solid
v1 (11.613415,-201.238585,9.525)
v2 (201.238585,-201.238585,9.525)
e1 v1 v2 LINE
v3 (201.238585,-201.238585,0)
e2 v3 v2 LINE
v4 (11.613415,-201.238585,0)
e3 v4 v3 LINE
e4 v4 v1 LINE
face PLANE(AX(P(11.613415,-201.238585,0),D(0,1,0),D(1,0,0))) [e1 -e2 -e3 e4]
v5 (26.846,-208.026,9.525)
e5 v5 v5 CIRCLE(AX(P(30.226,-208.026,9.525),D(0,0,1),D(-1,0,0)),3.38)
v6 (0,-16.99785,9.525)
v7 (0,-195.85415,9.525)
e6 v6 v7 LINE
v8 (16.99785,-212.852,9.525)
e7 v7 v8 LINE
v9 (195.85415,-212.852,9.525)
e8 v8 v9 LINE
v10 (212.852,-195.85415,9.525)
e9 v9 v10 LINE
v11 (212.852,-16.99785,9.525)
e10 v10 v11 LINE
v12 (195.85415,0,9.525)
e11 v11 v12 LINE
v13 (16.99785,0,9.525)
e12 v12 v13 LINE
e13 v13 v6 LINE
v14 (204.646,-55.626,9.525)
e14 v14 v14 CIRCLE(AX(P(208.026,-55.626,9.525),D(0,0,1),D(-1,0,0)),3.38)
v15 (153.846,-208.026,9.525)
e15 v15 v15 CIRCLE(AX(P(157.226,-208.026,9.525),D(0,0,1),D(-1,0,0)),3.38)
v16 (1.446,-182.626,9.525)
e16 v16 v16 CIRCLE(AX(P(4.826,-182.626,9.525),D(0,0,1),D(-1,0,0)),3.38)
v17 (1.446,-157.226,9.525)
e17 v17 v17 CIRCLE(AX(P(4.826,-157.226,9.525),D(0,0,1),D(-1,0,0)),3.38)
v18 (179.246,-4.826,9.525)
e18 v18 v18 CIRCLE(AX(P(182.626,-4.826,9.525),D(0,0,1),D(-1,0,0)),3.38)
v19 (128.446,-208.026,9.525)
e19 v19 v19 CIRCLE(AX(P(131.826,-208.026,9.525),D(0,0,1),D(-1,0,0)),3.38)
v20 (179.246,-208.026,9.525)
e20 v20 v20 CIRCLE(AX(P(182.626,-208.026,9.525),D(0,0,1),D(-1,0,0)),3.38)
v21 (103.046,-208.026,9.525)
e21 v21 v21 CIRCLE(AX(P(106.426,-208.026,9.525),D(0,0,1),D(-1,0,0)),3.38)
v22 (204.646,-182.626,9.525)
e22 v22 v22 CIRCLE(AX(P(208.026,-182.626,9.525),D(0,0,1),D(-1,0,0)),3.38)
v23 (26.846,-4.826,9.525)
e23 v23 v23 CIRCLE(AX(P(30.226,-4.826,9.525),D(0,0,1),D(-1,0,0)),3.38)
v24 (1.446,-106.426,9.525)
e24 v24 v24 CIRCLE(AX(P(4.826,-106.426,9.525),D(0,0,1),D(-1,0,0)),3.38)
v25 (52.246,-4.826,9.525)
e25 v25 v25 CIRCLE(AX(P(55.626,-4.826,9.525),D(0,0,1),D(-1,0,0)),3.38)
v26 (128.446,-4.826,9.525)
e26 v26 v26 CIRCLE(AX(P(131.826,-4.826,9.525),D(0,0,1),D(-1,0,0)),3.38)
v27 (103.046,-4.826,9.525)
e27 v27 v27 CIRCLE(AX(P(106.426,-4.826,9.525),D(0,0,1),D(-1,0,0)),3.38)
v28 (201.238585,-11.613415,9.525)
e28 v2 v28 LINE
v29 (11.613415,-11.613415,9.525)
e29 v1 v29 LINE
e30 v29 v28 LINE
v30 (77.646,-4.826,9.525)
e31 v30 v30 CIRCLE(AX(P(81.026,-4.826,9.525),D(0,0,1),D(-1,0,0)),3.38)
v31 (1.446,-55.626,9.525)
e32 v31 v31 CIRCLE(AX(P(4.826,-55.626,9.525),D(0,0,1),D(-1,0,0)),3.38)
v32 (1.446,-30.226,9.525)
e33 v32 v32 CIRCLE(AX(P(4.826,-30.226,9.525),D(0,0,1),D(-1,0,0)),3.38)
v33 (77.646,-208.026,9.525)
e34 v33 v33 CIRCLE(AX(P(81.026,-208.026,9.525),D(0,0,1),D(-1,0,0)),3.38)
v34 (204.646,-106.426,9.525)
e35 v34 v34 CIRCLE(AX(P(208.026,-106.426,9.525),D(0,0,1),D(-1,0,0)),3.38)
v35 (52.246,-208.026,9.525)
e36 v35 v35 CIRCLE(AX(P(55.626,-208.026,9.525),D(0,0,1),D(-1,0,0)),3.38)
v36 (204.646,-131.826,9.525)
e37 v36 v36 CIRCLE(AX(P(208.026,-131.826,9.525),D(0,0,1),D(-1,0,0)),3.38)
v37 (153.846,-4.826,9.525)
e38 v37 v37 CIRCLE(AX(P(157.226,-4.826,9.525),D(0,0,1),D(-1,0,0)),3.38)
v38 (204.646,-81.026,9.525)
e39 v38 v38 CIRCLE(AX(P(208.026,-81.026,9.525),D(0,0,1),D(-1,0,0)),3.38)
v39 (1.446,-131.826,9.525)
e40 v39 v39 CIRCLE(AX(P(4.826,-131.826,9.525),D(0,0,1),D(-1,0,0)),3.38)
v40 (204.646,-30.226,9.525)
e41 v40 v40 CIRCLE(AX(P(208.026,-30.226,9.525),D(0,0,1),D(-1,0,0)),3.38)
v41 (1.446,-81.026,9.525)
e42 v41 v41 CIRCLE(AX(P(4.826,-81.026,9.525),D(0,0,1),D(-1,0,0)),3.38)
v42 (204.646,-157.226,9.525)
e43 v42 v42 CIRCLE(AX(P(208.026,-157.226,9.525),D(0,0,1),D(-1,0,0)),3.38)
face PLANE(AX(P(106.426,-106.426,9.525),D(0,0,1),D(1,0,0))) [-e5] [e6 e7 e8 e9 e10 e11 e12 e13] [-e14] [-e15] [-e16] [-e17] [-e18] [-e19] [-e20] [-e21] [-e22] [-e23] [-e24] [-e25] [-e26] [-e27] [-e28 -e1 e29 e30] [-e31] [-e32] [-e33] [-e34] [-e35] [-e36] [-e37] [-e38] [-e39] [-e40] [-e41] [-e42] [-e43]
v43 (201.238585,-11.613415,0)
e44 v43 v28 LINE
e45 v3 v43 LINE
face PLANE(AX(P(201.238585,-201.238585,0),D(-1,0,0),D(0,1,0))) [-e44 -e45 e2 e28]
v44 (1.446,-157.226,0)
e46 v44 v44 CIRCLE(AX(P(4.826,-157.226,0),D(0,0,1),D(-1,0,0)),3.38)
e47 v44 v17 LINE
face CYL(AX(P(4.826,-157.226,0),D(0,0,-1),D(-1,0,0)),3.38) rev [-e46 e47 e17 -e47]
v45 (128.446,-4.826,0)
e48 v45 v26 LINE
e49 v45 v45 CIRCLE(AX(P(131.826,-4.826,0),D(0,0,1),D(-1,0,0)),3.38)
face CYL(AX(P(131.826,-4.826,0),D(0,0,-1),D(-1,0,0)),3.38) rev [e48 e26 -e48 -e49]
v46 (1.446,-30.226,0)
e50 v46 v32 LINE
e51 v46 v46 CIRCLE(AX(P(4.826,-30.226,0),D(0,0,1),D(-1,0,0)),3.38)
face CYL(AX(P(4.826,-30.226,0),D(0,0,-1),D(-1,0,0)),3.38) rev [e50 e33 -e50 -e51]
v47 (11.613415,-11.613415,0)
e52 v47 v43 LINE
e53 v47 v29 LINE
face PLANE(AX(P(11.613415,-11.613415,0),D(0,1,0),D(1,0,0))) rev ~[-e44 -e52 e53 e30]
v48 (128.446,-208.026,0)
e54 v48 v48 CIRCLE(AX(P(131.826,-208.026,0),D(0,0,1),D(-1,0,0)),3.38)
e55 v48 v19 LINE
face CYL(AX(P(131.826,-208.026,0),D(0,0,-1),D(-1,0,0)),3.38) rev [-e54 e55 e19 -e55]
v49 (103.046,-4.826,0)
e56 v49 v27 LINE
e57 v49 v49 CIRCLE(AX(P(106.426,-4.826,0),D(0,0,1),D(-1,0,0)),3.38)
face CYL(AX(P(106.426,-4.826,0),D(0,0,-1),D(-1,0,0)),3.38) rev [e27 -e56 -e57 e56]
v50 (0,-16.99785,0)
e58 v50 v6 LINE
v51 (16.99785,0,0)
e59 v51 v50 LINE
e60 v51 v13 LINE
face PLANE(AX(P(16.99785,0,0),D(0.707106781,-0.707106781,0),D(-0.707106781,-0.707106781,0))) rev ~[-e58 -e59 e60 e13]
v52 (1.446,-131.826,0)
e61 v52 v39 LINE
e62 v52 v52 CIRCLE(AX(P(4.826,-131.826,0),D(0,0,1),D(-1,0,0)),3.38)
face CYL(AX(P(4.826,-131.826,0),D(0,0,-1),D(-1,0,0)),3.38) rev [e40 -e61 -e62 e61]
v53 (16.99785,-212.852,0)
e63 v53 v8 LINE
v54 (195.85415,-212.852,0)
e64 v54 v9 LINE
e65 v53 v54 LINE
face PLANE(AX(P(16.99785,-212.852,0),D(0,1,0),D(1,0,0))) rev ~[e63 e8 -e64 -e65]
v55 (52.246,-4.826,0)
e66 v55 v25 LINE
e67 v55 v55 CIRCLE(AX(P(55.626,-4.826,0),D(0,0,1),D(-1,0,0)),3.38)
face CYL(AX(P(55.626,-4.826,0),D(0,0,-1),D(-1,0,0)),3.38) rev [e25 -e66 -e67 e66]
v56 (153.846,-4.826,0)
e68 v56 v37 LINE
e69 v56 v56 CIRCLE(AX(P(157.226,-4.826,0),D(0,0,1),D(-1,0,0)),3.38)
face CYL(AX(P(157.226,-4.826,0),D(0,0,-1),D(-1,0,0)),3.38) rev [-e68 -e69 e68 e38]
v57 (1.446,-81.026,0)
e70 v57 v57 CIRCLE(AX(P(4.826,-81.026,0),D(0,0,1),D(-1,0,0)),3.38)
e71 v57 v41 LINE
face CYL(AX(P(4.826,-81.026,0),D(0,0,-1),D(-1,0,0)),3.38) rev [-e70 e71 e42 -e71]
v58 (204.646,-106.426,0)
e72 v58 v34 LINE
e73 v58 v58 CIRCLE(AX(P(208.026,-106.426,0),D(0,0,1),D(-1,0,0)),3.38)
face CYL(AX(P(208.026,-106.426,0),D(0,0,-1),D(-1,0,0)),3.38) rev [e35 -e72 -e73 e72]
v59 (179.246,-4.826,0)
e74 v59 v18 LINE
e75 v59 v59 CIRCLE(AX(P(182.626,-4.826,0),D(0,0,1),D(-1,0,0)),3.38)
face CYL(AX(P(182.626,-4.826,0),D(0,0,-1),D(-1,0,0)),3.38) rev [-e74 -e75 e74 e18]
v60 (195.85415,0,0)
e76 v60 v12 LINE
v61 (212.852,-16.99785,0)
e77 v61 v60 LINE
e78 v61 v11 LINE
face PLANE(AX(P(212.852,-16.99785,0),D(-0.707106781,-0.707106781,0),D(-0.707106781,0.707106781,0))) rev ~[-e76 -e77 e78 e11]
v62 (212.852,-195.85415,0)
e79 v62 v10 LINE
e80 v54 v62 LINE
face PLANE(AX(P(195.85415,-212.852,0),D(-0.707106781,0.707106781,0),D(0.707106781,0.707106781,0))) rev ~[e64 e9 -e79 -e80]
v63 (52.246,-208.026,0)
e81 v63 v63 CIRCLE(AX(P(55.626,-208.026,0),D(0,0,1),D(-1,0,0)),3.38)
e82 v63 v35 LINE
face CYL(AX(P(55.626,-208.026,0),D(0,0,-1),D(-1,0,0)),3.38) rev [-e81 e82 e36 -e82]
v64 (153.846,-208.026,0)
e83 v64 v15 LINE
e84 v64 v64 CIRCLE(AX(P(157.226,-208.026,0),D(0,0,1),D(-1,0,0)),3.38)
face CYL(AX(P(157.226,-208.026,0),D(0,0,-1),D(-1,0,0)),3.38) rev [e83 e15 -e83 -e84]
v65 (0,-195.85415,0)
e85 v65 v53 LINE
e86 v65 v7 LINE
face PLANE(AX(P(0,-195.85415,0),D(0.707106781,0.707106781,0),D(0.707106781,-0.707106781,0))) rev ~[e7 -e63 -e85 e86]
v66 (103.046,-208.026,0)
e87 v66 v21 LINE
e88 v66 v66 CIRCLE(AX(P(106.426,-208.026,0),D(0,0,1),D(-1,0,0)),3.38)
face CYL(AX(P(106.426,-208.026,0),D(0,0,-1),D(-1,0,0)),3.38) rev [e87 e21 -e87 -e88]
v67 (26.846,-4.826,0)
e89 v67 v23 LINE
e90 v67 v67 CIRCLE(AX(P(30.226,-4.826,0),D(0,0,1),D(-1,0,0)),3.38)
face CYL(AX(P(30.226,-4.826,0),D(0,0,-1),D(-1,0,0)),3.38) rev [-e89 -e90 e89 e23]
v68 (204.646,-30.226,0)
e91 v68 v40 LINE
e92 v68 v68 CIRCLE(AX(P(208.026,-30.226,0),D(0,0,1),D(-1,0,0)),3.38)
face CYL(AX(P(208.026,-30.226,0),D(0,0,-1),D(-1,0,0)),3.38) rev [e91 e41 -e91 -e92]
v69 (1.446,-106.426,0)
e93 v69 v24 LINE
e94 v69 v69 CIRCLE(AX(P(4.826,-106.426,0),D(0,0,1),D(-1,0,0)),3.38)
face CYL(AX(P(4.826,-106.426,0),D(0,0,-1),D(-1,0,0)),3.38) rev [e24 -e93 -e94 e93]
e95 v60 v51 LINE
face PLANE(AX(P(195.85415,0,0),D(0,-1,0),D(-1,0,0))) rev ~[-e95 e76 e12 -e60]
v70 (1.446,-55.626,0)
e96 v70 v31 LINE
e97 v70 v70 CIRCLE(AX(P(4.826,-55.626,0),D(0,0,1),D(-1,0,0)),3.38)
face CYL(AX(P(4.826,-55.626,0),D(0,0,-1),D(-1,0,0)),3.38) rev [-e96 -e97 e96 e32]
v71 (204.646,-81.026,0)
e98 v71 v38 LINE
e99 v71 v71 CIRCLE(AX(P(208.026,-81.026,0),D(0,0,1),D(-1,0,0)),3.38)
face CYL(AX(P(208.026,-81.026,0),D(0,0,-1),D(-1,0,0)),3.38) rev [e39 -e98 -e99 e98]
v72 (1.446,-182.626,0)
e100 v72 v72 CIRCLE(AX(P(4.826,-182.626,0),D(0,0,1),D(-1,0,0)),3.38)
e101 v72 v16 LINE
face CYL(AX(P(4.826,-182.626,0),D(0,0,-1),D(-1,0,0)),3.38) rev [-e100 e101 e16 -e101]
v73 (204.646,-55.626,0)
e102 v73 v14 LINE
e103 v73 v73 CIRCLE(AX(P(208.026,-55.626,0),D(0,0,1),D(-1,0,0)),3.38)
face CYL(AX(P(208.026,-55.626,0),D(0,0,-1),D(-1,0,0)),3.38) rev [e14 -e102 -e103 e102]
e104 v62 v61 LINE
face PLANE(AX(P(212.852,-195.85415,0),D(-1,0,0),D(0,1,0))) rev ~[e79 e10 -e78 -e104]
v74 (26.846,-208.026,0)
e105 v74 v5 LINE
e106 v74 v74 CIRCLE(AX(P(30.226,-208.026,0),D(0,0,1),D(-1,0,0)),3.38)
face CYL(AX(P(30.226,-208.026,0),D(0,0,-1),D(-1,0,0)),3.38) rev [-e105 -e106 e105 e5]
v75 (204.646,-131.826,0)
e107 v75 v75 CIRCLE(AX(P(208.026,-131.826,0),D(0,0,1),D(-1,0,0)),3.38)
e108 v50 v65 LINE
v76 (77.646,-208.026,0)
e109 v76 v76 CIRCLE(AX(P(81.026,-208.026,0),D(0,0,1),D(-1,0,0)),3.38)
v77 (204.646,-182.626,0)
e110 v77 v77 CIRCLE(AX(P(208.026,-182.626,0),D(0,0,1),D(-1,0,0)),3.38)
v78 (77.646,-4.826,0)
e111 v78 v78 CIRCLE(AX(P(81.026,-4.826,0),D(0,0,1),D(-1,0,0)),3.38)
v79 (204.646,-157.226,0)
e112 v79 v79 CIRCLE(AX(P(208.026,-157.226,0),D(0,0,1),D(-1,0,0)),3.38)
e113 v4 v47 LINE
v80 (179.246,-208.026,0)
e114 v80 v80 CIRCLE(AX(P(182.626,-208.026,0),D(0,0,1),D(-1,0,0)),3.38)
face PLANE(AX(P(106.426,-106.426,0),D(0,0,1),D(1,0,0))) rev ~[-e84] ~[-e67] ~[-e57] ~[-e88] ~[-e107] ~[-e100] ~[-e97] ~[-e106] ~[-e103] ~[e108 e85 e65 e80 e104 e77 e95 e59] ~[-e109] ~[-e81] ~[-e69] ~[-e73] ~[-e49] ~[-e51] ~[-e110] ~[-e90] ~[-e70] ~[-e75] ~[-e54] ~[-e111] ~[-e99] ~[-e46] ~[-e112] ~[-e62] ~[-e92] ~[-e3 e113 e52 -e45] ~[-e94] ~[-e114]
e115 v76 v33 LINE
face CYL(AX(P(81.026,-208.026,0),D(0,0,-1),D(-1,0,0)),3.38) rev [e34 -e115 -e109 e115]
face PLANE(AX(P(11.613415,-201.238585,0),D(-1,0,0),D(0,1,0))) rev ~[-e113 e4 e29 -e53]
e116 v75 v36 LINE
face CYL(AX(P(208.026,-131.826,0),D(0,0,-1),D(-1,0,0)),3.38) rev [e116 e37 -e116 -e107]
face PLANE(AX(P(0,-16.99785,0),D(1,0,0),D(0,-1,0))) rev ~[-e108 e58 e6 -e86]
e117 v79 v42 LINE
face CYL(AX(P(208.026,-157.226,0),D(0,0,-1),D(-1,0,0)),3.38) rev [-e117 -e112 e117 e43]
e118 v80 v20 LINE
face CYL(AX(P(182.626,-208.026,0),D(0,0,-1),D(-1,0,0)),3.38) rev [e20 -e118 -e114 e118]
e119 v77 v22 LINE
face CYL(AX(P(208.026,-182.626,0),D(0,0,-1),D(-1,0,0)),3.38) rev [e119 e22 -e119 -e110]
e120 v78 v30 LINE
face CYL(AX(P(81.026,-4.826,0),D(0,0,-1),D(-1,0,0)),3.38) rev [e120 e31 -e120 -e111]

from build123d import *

# Parameters (mm, degrees)
SKETCH1_R           = 3.38
SKETCH1_W           = 189.625170906
SKETCH1_H           = 189.625170906
BOSS_EXTRUDE1_DEPTH = 9.525


with BuildPart() as part:
    # Sketch1 → Boss-Extrude1 (new body)
    with BuildSketch(Plane.XY):
        Polygon((16.997849507, 0), (0, -16.997849507), (0, -195.854150493), (16.997849507, -212.852), (195.854150493, -212.852), (212.852, -195.854150493), (212.852, -16.997849507), (195.854150493, 0), align=None)
        with Locations(Location((30.226, -208.026, 0), (0, 0, 180))):
            Circle(SKETCH1_R, mode=Mode.SUBTRACT)
        with Locations(Location((4.826, -182.626, 0), (0, 0, 180))):
            Circle(SKETCH1_R, mode=Mode.SUBTRACT)
        with Locations(Location((55.626, -208.026, 0), (0, 0, 180))):
            Circle(SKETCH1_R, mode=Mode.SUBTRACT)
        with Locations(Location((81.026, -208.026, 0), (0, 0, 180))):
            Circle(SKETCH1_R, mode=Mode.SUBTRACT)
        with Locations(Location((4.826, -157.226, 0), (0, 0, 180))):
            Circle(SKETCH1_R, mode=Mode.SUBTRACT)
        with Locations(Location((4.826, -131.826, 0), (0, 0, 180))):
            Circle(SKETCH1_R, mode=Mode.SUBTRACT)
        with Locations(Location((4.826, -106.426, 0), (0, 0, 180))):
            Circle(SKETCH1_R, mode=Mode.SUBTRACT)
        with Locations(Location((106.426, -208.026, 0), (0, 0, 180))):
            Circle(SKETCH1_R, mode=Mode.SUBTRACT)
        with Locations(Location((131.826, -208.026, 0), (0, 0, 180))):
            Circle(SKETCH1_R, mode=Mode.SUBTRACT)
        with Locations(Location((157.226, -208.026, 0), (0, 0, 180))):
            Circle(SKETCH1_R, mode=Mode.SUBTRACT)
        with Locations(Location((182.626, -208.026, 0), (0, 0, 180))):
            Circle(SKETCH1_R, mode=Mode.SUBTRACT)
        with Locations(Location((208.026, -182.626, 0), (0, 0, 180))):
            Circle(SKETCH1_R, mode=Mode.SUBTRACT)
        with Locations(Location((208.026, -157.226, 0), (0, 0, 180))):
            Circle(SKETCH1_R, mode=Mode.SUBTRACT)
        with Locations(Location((208.026, -131.826, 0), (0, 0, 180))):
            Circle(SKETCH1_R, mode=Mode.SUBTRACT)
        with Locations(Location((4.826, -81.026, 0), (0, 0, 180))):
            Circle(SKETCH1_R, mode=Mode.SUBTRACT)
        with Locations(Location((4.826, -55.626, 0), (0, 0, 180))):
            Circle(SKETCH1_R, mode=Mode.SUBTRACT)
        with Locations(Location((4.826, -30.226, 0), (0, 0, 180))):
            Circle(SKETCH1_R, mode=Mode.SUBTRACT)
        with Locations(Location((30.226, -4.826, 0), (0, 0, 180))):
            Circle(SKETCH1_R, mode=Mode.SUBTRACT)
        with Locations(Location((55.626, -4.826, 0), (0, 0, 180))):
            Circle(SKETCH1_R, mode=Mode.SUBTRACT)
        with Locations(Location((81.026, -4.826, 0), (0, 0, 180))):
            Circle(SKETCH1_R, mode=Mode.SUBTRACT)
        with Locations((106.426, -106.426)):
            Rectangle(SKETCH1_W, SKETCH1_H, mode=Mode.SUBTRACT)
        with Locations(Location((208.026, -106.426, 0), (0, 0, 180))):
            Circle(SKETCH1_R, mode=Mode.SUBTRACT)
        with Locations(Location((208.026, -81.026, 0), (0, 0, 180))):
            Circle(SKETCH1_R, mode=Mode.SUBTRACT)
        with Locations(Location((208.026, -55.626, 0), (0, 0, 180))):
            Circle(SKETCH1_R, mode=Mode.SUBTRACT)
        with Locations(Location((106.426, -4.826, 0), (0, 0, 180))):
            Circle(SKETCH1_R, mode=Mode.SUBTRACT)
        with Locations(Location((131.826, -4.826, 0), (0, 0, 180))):
            Circle(SKETCH1_R, mode=Mode.SUBTRACT)
        with Locations(Location((157.226, -4.826, 0), (0, 0, 180))):
            Circle(SKETCH1_R, mode=Mode.SUBTRACT)
        with Locations(Location((208.026, -30.226, 0), (0, 0, 180))):
            Circle(SKETCH1_R, mode=Mode.SUBTRACT)
        with Locations(Location((182.626, -4.826, 0), (0, 0, 180))):
            Circle(SKETCH1_R, mode=Mode.SUBTRACT)
    extrude(amount=BOSS_EXTRUDE1_DEPTH)


solid = part.part
